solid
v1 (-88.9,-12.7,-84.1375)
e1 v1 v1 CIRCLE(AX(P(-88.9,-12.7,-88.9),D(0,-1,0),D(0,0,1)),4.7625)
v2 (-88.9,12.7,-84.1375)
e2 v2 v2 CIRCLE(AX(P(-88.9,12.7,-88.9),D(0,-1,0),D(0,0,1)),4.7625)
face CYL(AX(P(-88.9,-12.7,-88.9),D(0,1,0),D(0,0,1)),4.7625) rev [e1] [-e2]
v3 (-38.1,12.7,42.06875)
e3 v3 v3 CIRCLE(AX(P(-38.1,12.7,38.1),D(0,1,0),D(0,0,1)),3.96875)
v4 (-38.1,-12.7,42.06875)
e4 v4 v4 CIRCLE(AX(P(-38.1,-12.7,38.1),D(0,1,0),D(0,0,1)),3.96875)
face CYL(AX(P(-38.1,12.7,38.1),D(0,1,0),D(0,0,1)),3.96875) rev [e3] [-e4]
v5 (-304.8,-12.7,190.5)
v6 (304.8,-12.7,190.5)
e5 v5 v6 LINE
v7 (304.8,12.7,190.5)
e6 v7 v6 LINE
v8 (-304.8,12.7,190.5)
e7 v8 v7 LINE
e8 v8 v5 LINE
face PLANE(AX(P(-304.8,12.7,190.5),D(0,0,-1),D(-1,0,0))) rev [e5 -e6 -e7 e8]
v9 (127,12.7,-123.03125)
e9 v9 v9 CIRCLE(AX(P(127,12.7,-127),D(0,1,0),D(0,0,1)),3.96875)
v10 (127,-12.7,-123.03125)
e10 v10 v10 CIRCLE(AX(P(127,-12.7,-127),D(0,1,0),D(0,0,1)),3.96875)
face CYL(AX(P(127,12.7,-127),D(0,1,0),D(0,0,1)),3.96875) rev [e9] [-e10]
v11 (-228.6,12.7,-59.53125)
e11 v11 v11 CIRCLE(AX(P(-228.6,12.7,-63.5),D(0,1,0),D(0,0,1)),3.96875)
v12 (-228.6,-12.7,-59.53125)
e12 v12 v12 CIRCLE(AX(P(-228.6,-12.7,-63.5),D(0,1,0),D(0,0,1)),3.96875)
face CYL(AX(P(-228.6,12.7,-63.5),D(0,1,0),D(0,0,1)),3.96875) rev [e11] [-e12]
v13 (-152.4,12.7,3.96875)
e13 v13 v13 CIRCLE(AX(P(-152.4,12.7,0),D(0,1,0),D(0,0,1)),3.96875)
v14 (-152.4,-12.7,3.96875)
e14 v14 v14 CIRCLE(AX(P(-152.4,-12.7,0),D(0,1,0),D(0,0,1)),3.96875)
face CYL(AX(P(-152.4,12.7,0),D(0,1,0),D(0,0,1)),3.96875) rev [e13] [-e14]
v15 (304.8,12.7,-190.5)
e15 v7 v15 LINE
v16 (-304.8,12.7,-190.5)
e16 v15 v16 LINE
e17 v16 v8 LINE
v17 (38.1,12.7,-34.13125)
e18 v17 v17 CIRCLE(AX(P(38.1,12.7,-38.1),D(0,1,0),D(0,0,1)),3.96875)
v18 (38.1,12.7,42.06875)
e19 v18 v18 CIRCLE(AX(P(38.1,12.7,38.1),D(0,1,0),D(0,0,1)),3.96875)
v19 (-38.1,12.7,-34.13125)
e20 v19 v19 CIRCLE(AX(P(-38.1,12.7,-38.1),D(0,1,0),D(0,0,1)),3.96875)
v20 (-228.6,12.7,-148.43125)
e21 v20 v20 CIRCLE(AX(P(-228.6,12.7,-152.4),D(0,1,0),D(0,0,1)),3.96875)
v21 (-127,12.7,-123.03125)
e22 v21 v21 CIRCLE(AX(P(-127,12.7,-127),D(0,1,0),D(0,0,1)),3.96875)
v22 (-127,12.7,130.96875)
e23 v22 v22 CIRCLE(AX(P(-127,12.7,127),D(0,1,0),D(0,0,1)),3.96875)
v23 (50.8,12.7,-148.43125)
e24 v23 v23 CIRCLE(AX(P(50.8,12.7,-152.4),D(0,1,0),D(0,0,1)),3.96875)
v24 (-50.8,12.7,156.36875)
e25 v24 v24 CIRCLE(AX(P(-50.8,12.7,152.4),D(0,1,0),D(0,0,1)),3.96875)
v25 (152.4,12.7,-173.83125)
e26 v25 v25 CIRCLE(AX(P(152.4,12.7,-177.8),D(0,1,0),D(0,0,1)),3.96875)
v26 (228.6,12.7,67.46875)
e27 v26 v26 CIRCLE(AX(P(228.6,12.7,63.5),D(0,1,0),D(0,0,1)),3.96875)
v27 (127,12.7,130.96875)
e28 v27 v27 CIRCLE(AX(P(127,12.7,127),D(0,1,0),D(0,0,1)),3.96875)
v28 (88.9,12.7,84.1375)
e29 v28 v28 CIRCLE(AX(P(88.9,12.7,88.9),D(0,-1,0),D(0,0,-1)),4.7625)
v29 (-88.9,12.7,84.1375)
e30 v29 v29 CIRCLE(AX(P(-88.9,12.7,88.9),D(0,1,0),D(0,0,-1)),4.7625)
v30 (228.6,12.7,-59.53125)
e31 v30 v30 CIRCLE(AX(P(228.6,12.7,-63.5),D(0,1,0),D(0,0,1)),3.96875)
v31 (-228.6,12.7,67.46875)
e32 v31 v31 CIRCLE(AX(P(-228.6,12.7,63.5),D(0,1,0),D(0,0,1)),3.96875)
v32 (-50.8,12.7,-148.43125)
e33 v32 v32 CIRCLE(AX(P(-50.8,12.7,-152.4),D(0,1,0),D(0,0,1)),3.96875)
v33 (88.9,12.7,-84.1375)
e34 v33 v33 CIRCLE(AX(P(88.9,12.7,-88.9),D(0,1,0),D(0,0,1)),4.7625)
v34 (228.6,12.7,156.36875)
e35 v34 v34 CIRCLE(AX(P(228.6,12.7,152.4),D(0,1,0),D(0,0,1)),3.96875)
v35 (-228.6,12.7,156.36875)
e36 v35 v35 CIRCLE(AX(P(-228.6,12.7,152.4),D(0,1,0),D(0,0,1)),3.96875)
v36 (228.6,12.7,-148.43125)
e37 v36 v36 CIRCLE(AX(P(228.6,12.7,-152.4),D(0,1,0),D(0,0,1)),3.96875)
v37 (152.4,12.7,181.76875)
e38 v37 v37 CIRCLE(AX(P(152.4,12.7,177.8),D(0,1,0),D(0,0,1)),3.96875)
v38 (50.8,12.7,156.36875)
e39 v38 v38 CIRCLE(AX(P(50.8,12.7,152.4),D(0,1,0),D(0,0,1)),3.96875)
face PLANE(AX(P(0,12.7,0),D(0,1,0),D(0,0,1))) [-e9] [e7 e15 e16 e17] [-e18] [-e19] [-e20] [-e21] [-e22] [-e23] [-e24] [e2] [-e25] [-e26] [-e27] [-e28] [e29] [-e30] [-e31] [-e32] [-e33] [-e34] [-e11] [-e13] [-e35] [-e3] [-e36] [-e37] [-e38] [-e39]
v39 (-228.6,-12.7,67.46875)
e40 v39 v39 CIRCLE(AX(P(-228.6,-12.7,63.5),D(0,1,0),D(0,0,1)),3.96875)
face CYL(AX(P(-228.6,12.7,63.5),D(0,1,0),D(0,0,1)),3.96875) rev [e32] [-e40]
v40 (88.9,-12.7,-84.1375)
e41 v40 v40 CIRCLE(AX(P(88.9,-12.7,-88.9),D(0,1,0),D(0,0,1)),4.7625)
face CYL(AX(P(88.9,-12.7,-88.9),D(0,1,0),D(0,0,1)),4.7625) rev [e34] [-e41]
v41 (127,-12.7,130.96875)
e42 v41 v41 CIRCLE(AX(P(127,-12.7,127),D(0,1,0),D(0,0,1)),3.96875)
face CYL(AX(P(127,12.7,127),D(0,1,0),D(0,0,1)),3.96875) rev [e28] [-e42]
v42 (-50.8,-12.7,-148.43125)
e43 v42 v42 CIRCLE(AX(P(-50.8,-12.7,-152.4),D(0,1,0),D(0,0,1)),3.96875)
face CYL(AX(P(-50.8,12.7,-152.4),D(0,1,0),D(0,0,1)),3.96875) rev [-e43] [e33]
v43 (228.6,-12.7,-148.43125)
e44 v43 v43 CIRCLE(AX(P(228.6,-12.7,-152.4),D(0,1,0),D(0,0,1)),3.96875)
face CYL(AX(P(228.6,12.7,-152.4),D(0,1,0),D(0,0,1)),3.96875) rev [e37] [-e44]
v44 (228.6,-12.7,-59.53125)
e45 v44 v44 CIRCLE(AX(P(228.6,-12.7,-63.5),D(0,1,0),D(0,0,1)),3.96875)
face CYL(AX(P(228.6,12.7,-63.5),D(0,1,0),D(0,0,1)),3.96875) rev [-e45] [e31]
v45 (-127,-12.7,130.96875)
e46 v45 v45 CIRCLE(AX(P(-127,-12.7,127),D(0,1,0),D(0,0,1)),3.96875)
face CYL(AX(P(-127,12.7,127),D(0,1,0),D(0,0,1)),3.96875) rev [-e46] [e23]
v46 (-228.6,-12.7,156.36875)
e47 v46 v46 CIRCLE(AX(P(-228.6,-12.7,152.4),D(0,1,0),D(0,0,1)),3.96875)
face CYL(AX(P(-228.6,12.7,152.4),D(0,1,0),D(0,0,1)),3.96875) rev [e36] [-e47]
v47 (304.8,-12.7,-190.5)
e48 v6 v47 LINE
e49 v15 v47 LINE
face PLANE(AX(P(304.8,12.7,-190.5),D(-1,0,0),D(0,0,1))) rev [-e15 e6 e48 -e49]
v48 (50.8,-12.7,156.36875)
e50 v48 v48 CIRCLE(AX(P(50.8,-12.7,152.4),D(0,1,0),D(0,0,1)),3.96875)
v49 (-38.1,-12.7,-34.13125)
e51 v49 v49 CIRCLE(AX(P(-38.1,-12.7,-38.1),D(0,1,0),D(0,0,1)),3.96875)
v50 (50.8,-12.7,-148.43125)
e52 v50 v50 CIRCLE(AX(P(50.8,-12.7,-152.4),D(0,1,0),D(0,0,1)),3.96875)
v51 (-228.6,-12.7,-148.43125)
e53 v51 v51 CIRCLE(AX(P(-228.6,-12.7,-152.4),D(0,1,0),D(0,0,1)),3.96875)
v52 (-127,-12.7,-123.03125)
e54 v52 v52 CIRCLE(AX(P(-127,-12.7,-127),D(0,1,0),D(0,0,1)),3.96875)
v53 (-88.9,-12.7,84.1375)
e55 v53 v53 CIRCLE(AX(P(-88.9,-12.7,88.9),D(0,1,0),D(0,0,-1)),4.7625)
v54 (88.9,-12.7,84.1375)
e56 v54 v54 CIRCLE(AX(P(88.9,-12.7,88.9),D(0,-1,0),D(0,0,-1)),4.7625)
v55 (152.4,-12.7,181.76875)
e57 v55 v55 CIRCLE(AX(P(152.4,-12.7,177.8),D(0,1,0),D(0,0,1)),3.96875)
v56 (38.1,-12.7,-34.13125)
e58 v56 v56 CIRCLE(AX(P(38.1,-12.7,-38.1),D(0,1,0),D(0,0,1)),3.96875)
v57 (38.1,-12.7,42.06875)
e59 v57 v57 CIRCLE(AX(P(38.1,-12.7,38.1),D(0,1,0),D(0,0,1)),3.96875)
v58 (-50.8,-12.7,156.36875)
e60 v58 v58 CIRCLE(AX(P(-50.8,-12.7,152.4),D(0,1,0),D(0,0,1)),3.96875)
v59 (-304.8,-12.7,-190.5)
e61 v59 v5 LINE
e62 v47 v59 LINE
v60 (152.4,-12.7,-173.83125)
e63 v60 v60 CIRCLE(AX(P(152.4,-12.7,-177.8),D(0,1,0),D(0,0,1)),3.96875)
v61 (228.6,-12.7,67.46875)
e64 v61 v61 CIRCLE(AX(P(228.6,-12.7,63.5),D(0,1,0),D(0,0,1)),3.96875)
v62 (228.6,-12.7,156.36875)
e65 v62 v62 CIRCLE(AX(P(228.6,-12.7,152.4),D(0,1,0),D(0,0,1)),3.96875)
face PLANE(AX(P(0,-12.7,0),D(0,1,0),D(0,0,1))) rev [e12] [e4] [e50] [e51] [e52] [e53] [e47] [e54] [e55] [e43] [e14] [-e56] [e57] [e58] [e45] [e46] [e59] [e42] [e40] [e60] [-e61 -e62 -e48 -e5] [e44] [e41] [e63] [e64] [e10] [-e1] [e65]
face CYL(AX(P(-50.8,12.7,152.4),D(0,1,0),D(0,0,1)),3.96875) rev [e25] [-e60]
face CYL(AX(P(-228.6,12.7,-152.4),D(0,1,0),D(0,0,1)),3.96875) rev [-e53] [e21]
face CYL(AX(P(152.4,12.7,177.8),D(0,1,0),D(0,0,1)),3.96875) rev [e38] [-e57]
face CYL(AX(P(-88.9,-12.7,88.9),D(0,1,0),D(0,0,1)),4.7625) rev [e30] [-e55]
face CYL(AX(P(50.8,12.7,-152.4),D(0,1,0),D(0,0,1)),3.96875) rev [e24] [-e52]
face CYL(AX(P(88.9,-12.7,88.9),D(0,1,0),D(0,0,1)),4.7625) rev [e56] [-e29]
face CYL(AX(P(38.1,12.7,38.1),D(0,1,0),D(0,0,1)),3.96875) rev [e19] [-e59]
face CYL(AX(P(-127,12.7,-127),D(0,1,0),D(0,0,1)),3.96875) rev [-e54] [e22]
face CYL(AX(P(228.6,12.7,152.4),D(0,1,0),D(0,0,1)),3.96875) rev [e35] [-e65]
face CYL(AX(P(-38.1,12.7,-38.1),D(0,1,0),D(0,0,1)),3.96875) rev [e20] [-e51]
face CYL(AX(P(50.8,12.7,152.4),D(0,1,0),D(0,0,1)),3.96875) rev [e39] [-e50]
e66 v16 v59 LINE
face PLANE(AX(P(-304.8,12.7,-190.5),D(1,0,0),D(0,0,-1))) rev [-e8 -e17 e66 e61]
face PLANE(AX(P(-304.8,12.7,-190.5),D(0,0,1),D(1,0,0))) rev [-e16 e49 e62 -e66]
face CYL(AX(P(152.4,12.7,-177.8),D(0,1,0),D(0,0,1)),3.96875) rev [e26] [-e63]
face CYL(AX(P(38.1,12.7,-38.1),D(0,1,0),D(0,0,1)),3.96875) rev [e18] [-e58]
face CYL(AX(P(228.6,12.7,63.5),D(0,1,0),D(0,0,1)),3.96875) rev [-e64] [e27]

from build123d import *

# Parameters (mm, degrees)
SKETCH2_W                   = 609.6
SKETCH2_H                   = 381
BOSS_EXTRUDE1_DEPTH         = 12.7
SKETCH3_R                   = 4.7625
CUT_EXTRUDE1_DEPTH          = 26.4
F_3_8_16_TAPPED_HOLE1_D     = 7.9375
F_3_8_16_TAPPED_HOLE1_DEPTH = 25.401
F_3_8_16_TAPPED_HOLE2_D     = 7.9375
F_3_8_16_TAPPED_HOLE2_DEPTH = 25.4
MIRROR2_COPY_1_SKETCH_R     = 4.7625
MIRROR2_COPY_1_DEPTH        = 26.4
MIRROR2_COPY_2_D            = 7.9375
MIRROR2_COPY_2_DEPTH        = 25.401


with BuildPart() as part:
    # Sketch2 → Boss-Extrude1 (new body, symmetric)
    with BuildSketch(Plane(origin=(0, 0, 0), x_dir=(1, 0, 0), z_dir=(0, 1, 0))):
        Rectangle(SKETCH2_W, SKETCH2_H)
    extrude(amount=BOSS_EXTRUDE1_DEPTH, both=True)

    # Sketch3 → Cut-Extrude1 (cut, through all)
    with BuildSketch(Plane(origin=(0, 12.7, 0), x_dir=(1, 0, 0), z_dir=(0, 1, 0))):
        with Locations((88.9, 88.9)):
            Circle(SKETCH3_R)
    cut_extrude1 = extrude(amount=-CUT_EXTRUDE1_DEPTH, mode=Mode.SUBTRACT)

    # 3/8-16 Tapped Hole1
    with Locations(Plane(origin=(0, 12.7, 0), x_dir=(1, 0, 0), z_dir=(0, 1, 0))):
        with Locations((127, 127), (38.1, 38.1), (228.6, 63.5), (228.6, 152.4), (50.8, 152.4)):
            f_3_8_16_tapped_hole1 = Hole(F_3_8_16_TAPPED_HOLE1_D / 2, depth=F_3_8_16_TAPPED_HOLE1_DEPTH)

    # 3/8-16 Tapped Hole2
    with Locations(Plane(origin=(0, 12.7, 0), x_dir=(1, 0, 0), z_dir=(0, 1, 0))):
        with Locations((152.4, 177.8), (152.4, -177.8), (-152.4, 0)):
            Hole(F_3_8_16_TAPPED_HOLE2_D / 2, depth=F_3_8_16_TAPPED_HOLE2_DEPTH)

    # Mirror1: Cut-Extrude1, 3/8-16 Tapped Hole1 across plane
    add(cut_extrude1.mirror(Plane.XY), mode=Mode.SUBTRACT)
    add(f_3_8_16_tapped_hole1.mirror(Plane.XY), mode=Mode.SUBTRACT)

    # Mirror2: 3/8-16 Tapped Hole1, Cut-Extrude1 across plane
    add(f_3_8_16_tapped_hole1.mirror(Plane(origin=(0, 0, 0), x_dir=(0, 0, 1), z_dir=(1, 0, 0))), mode=Mode.SUBTRACT)
    add(cut_extrude1.mirror(Plane(origin=(0, 0, 0), x_dir=(0, 0, 1), z_dir=(1, 0, 0))), mode=Mode.SUBTRACT)

    # Mirror2 copy 1 sketch → Mirror2 copy 1 (cut, through all)
    with BuildSketch(Plane(origin=(0, 12.7, 0), x_dir=(-1, 0, 0), z_dir=(0, 1, 0))):
        with Locations((88.9, 88.9)):
            Circle(MIRROR2_COPY_1_SKETCH_R)
    extrude(amount=-MIRROR2_COPY_1_DEPTH, mode=Mode.SUBTRACT)

    # Mirror2 copy 2
    with Locations(Plane(origin=(0, 12.7, 0), x_dir=(-1, 0, 0), z_dir=(0, 1, 0))):
        with Locations((127, 127), (38.1, 38.1), (228.6, 63.5), (228.6, 152.4), (50.8, 152.4)):
            Hole(MIRROR2_COPY_2_D / 2, depth=MIRROR2_COPY_2_DEPTH)


solid = part.part
